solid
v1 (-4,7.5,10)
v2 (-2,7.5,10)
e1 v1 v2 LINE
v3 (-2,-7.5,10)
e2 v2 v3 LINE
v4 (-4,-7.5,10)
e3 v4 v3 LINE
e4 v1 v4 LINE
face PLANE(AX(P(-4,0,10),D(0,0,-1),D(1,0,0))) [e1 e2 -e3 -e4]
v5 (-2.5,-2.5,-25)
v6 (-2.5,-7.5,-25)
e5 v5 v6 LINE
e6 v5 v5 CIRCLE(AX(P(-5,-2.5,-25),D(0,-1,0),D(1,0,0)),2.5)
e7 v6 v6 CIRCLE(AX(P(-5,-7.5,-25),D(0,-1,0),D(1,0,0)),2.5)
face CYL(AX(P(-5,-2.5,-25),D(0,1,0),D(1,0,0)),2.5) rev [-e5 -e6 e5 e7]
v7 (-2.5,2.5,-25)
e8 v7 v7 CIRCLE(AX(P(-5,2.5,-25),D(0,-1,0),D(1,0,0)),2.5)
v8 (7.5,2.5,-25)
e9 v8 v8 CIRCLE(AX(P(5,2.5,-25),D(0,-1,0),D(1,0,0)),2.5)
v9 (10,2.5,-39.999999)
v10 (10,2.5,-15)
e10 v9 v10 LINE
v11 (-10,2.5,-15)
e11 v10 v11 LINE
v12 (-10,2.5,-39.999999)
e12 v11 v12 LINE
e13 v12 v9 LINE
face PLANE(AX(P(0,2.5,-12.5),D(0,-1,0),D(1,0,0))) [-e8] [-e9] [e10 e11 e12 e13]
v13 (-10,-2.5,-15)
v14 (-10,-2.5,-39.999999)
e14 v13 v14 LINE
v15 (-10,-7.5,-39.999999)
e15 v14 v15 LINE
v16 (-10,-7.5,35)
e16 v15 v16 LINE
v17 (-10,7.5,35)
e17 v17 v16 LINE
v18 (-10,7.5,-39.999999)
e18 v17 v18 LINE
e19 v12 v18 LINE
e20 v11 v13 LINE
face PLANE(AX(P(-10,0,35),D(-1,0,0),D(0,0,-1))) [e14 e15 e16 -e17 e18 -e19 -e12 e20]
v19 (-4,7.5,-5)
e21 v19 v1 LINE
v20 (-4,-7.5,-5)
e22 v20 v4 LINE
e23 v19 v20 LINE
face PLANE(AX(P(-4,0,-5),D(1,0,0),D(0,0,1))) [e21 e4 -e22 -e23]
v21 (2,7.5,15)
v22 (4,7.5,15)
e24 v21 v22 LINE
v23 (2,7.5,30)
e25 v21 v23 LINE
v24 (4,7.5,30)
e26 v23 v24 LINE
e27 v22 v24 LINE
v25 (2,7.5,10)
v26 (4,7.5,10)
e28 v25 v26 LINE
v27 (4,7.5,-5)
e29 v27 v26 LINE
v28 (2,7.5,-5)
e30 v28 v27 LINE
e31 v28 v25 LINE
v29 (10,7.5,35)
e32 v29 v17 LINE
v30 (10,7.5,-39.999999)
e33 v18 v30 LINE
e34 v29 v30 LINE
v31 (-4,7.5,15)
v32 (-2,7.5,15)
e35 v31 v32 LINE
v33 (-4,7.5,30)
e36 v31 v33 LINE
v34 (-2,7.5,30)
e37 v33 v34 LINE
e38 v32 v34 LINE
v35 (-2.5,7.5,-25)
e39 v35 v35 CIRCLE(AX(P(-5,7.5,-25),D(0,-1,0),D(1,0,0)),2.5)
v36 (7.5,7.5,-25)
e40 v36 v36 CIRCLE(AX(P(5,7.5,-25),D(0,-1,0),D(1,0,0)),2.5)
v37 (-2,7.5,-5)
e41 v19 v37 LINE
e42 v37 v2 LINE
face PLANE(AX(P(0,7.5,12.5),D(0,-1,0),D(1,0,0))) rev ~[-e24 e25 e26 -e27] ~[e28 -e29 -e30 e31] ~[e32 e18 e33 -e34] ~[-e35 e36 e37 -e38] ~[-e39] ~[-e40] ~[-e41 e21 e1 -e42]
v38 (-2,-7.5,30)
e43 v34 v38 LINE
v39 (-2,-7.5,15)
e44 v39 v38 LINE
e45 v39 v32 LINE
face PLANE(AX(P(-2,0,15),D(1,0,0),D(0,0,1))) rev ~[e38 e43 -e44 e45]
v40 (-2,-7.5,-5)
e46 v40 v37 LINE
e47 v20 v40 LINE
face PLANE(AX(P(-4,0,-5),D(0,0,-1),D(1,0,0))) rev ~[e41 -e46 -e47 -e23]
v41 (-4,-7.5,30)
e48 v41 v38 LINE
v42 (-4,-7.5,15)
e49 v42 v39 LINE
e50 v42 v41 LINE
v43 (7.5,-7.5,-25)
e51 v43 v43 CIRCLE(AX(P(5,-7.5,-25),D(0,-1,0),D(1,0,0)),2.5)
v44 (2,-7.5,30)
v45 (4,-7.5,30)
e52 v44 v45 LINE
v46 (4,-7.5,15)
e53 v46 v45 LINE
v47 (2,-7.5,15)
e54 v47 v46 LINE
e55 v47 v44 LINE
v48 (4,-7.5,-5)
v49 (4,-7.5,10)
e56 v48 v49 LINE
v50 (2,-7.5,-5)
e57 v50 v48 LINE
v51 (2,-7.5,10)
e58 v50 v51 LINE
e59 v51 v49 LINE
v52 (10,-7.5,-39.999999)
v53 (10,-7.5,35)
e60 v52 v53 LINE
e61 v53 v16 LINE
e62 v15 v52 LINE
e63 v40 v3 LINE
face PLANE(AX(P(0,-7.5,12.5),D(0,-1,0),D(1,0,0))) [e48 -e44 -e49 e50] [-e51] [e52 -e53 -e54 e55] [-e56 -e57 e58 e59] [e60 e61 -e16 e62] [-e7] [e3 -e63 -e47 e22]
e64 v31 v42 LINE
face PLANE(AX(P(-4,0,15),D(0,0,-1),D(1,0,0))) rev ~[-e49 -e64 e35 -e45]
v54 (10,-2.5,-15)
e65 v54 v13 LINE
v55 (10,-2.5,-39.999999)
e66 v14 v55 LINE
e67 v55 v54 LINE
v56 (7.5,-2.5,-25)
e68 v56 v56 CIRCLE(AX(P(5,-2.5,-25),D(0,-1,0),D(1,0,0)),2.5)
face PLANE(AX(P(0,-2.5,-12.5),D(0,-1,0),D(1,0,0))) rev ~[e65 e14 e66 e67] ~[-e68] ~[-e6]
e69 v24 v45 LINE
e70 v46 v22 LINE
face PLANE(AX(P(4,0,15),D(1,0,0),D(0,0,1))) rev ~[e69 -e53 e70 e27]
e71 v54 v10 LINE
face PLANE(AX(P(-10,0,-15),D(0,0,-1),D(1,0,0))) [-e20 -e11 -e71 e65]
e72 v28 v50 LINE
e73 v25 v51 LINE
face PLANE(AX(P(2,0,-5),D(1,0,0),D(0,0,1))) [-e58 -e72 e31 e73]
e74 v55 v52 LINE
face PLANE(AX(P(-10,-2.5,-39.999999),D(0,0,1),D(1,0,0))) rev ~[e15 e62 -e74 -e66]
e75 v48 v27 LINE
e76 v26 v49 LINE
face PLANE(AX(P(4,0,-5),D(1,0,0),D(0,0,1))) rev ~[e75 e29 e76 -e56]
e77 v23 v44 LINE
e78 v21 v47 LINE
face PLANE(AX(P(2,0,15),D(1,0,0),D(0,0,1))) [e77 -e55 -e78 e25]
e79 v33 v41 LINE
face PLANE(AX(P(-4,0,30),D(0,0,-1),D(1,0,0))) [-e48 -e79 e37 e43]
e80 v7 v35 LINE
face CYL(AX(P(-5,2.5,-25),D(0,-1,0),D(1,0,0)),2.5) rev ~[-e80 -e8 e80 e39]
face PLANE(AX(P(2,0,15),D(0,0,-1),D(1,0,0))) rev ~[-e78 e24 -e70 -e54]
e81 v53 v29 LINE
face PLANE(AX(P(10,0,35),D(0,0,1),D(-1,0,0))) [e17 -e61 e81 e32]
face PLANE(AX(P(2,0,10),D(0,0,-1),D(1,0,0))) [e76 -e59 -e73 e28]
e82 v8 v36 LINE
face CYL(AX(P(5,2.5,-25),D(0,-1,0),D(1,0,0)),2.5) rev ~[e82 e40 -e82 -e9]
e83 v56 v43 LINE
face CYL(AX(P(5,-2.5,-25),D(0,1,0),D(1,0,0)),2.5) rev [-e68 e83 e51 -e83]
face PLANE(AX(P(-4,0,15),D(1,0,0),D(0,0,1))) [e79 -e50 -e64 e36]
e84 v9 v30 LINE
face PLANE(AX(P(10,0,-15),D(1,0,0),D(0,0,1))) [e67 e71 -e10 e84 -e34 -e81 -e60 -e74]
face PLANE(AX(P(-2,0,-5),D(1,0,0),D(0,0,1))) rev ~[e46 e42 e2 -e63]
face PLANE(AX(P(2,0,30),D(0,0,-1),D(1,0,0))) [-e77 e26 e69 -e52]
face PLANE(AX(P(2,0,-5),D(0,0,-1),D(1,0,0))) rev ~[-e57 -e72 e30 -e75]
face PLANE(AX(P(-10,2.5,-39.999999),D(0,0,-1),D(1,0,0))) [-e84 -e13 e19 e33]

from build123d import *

# Parameters (mm, degrees)
F0_W     = 2
F0_H     = 15
F0_W_2   = 20
F0_H_2   = 5
F1_DEPTH = 7.5
F2_START = 2.5
F0_H_3   = 20
F0_R     = 2.5
F0_H_4   = 4.9999991059
F2_DEPTH = 5
F3_START = -2.5
F3_DEPTH = 5


with BuildPart() as f1:
    # F0 (on Front) → F1 (new body, symmetric)
    with BuildSketch(Plane.XZ):
        Polygon((10, -10), (10, 35), (-10, 35), (-10, 17), (-10, 15), (-10, -10), align=None)
        with Locations((-3, 2.5)):
            Rectangle(F0_W, F0_H, mode=Mode.SUBTRACT)
        with Locations((-3, 22.5)):
            Rectangle(F0_W, F0_H, mode=Mode.SUBTRACT)
        with Locations((3, 2.5)):
            Rectangle(F0_W, F0_H, mode=Mode.SUBTRACT)
        with Locations((3, 22.5)):
            Rectangle(F0_W, F0_H, mode=Mode.SUBTRACT)
        with Locations((0, -12.5)):
            Rectangle(F0_W_2, F0_H_2)
    extrude(amount=F1_DEPTH, both=True)

    # F0 (on Front) → F2 (join)
    with BuildSketch(Plane.XZ.offset(F2_START)):
        with Locations((0, -12.5)):
            Rectangle(F0_W_2, F0_H_2)
        with Locations((0, -25)):
            Rectangle(F0_W_2, F0_H_3)
        with Locations((-5, -25)):
            Circle(F0_R, mode=Mode.SUBTRACT)
        with Locations((5, -25)):
            Circle(F0_R, mode=Mode.SUBTRACT)
        with Locations((0, -37.499999553)):
            Rectangle(F0_W_2, F0_H_4)
    extrude(amount=F2_DEPTH)

    # F0 (on Front) → F3 (join)
    with BuildSketch(Plane.XZ.offset(F3_START)):
        with Locations((0, -12.5)):
            Rectangle(F0_W_2, F0_H_2)
        with Locations((0, -25)):
            Rectangle(F0_W_2, F0_H_3)
        with Locations((-5, -25)):
            Circle(F0_R, mode=Mode.SUBTRACT)
        with Locations((5, -25)):
            Circle(F0_R, mode=Mode.SUBTRACT)
        with Locations((0, -37.499999553)):
            Rectangle(F0_W_2, F0_H_4)
    extrude(amount=-F3_DEPTH)


solid = f1.part
